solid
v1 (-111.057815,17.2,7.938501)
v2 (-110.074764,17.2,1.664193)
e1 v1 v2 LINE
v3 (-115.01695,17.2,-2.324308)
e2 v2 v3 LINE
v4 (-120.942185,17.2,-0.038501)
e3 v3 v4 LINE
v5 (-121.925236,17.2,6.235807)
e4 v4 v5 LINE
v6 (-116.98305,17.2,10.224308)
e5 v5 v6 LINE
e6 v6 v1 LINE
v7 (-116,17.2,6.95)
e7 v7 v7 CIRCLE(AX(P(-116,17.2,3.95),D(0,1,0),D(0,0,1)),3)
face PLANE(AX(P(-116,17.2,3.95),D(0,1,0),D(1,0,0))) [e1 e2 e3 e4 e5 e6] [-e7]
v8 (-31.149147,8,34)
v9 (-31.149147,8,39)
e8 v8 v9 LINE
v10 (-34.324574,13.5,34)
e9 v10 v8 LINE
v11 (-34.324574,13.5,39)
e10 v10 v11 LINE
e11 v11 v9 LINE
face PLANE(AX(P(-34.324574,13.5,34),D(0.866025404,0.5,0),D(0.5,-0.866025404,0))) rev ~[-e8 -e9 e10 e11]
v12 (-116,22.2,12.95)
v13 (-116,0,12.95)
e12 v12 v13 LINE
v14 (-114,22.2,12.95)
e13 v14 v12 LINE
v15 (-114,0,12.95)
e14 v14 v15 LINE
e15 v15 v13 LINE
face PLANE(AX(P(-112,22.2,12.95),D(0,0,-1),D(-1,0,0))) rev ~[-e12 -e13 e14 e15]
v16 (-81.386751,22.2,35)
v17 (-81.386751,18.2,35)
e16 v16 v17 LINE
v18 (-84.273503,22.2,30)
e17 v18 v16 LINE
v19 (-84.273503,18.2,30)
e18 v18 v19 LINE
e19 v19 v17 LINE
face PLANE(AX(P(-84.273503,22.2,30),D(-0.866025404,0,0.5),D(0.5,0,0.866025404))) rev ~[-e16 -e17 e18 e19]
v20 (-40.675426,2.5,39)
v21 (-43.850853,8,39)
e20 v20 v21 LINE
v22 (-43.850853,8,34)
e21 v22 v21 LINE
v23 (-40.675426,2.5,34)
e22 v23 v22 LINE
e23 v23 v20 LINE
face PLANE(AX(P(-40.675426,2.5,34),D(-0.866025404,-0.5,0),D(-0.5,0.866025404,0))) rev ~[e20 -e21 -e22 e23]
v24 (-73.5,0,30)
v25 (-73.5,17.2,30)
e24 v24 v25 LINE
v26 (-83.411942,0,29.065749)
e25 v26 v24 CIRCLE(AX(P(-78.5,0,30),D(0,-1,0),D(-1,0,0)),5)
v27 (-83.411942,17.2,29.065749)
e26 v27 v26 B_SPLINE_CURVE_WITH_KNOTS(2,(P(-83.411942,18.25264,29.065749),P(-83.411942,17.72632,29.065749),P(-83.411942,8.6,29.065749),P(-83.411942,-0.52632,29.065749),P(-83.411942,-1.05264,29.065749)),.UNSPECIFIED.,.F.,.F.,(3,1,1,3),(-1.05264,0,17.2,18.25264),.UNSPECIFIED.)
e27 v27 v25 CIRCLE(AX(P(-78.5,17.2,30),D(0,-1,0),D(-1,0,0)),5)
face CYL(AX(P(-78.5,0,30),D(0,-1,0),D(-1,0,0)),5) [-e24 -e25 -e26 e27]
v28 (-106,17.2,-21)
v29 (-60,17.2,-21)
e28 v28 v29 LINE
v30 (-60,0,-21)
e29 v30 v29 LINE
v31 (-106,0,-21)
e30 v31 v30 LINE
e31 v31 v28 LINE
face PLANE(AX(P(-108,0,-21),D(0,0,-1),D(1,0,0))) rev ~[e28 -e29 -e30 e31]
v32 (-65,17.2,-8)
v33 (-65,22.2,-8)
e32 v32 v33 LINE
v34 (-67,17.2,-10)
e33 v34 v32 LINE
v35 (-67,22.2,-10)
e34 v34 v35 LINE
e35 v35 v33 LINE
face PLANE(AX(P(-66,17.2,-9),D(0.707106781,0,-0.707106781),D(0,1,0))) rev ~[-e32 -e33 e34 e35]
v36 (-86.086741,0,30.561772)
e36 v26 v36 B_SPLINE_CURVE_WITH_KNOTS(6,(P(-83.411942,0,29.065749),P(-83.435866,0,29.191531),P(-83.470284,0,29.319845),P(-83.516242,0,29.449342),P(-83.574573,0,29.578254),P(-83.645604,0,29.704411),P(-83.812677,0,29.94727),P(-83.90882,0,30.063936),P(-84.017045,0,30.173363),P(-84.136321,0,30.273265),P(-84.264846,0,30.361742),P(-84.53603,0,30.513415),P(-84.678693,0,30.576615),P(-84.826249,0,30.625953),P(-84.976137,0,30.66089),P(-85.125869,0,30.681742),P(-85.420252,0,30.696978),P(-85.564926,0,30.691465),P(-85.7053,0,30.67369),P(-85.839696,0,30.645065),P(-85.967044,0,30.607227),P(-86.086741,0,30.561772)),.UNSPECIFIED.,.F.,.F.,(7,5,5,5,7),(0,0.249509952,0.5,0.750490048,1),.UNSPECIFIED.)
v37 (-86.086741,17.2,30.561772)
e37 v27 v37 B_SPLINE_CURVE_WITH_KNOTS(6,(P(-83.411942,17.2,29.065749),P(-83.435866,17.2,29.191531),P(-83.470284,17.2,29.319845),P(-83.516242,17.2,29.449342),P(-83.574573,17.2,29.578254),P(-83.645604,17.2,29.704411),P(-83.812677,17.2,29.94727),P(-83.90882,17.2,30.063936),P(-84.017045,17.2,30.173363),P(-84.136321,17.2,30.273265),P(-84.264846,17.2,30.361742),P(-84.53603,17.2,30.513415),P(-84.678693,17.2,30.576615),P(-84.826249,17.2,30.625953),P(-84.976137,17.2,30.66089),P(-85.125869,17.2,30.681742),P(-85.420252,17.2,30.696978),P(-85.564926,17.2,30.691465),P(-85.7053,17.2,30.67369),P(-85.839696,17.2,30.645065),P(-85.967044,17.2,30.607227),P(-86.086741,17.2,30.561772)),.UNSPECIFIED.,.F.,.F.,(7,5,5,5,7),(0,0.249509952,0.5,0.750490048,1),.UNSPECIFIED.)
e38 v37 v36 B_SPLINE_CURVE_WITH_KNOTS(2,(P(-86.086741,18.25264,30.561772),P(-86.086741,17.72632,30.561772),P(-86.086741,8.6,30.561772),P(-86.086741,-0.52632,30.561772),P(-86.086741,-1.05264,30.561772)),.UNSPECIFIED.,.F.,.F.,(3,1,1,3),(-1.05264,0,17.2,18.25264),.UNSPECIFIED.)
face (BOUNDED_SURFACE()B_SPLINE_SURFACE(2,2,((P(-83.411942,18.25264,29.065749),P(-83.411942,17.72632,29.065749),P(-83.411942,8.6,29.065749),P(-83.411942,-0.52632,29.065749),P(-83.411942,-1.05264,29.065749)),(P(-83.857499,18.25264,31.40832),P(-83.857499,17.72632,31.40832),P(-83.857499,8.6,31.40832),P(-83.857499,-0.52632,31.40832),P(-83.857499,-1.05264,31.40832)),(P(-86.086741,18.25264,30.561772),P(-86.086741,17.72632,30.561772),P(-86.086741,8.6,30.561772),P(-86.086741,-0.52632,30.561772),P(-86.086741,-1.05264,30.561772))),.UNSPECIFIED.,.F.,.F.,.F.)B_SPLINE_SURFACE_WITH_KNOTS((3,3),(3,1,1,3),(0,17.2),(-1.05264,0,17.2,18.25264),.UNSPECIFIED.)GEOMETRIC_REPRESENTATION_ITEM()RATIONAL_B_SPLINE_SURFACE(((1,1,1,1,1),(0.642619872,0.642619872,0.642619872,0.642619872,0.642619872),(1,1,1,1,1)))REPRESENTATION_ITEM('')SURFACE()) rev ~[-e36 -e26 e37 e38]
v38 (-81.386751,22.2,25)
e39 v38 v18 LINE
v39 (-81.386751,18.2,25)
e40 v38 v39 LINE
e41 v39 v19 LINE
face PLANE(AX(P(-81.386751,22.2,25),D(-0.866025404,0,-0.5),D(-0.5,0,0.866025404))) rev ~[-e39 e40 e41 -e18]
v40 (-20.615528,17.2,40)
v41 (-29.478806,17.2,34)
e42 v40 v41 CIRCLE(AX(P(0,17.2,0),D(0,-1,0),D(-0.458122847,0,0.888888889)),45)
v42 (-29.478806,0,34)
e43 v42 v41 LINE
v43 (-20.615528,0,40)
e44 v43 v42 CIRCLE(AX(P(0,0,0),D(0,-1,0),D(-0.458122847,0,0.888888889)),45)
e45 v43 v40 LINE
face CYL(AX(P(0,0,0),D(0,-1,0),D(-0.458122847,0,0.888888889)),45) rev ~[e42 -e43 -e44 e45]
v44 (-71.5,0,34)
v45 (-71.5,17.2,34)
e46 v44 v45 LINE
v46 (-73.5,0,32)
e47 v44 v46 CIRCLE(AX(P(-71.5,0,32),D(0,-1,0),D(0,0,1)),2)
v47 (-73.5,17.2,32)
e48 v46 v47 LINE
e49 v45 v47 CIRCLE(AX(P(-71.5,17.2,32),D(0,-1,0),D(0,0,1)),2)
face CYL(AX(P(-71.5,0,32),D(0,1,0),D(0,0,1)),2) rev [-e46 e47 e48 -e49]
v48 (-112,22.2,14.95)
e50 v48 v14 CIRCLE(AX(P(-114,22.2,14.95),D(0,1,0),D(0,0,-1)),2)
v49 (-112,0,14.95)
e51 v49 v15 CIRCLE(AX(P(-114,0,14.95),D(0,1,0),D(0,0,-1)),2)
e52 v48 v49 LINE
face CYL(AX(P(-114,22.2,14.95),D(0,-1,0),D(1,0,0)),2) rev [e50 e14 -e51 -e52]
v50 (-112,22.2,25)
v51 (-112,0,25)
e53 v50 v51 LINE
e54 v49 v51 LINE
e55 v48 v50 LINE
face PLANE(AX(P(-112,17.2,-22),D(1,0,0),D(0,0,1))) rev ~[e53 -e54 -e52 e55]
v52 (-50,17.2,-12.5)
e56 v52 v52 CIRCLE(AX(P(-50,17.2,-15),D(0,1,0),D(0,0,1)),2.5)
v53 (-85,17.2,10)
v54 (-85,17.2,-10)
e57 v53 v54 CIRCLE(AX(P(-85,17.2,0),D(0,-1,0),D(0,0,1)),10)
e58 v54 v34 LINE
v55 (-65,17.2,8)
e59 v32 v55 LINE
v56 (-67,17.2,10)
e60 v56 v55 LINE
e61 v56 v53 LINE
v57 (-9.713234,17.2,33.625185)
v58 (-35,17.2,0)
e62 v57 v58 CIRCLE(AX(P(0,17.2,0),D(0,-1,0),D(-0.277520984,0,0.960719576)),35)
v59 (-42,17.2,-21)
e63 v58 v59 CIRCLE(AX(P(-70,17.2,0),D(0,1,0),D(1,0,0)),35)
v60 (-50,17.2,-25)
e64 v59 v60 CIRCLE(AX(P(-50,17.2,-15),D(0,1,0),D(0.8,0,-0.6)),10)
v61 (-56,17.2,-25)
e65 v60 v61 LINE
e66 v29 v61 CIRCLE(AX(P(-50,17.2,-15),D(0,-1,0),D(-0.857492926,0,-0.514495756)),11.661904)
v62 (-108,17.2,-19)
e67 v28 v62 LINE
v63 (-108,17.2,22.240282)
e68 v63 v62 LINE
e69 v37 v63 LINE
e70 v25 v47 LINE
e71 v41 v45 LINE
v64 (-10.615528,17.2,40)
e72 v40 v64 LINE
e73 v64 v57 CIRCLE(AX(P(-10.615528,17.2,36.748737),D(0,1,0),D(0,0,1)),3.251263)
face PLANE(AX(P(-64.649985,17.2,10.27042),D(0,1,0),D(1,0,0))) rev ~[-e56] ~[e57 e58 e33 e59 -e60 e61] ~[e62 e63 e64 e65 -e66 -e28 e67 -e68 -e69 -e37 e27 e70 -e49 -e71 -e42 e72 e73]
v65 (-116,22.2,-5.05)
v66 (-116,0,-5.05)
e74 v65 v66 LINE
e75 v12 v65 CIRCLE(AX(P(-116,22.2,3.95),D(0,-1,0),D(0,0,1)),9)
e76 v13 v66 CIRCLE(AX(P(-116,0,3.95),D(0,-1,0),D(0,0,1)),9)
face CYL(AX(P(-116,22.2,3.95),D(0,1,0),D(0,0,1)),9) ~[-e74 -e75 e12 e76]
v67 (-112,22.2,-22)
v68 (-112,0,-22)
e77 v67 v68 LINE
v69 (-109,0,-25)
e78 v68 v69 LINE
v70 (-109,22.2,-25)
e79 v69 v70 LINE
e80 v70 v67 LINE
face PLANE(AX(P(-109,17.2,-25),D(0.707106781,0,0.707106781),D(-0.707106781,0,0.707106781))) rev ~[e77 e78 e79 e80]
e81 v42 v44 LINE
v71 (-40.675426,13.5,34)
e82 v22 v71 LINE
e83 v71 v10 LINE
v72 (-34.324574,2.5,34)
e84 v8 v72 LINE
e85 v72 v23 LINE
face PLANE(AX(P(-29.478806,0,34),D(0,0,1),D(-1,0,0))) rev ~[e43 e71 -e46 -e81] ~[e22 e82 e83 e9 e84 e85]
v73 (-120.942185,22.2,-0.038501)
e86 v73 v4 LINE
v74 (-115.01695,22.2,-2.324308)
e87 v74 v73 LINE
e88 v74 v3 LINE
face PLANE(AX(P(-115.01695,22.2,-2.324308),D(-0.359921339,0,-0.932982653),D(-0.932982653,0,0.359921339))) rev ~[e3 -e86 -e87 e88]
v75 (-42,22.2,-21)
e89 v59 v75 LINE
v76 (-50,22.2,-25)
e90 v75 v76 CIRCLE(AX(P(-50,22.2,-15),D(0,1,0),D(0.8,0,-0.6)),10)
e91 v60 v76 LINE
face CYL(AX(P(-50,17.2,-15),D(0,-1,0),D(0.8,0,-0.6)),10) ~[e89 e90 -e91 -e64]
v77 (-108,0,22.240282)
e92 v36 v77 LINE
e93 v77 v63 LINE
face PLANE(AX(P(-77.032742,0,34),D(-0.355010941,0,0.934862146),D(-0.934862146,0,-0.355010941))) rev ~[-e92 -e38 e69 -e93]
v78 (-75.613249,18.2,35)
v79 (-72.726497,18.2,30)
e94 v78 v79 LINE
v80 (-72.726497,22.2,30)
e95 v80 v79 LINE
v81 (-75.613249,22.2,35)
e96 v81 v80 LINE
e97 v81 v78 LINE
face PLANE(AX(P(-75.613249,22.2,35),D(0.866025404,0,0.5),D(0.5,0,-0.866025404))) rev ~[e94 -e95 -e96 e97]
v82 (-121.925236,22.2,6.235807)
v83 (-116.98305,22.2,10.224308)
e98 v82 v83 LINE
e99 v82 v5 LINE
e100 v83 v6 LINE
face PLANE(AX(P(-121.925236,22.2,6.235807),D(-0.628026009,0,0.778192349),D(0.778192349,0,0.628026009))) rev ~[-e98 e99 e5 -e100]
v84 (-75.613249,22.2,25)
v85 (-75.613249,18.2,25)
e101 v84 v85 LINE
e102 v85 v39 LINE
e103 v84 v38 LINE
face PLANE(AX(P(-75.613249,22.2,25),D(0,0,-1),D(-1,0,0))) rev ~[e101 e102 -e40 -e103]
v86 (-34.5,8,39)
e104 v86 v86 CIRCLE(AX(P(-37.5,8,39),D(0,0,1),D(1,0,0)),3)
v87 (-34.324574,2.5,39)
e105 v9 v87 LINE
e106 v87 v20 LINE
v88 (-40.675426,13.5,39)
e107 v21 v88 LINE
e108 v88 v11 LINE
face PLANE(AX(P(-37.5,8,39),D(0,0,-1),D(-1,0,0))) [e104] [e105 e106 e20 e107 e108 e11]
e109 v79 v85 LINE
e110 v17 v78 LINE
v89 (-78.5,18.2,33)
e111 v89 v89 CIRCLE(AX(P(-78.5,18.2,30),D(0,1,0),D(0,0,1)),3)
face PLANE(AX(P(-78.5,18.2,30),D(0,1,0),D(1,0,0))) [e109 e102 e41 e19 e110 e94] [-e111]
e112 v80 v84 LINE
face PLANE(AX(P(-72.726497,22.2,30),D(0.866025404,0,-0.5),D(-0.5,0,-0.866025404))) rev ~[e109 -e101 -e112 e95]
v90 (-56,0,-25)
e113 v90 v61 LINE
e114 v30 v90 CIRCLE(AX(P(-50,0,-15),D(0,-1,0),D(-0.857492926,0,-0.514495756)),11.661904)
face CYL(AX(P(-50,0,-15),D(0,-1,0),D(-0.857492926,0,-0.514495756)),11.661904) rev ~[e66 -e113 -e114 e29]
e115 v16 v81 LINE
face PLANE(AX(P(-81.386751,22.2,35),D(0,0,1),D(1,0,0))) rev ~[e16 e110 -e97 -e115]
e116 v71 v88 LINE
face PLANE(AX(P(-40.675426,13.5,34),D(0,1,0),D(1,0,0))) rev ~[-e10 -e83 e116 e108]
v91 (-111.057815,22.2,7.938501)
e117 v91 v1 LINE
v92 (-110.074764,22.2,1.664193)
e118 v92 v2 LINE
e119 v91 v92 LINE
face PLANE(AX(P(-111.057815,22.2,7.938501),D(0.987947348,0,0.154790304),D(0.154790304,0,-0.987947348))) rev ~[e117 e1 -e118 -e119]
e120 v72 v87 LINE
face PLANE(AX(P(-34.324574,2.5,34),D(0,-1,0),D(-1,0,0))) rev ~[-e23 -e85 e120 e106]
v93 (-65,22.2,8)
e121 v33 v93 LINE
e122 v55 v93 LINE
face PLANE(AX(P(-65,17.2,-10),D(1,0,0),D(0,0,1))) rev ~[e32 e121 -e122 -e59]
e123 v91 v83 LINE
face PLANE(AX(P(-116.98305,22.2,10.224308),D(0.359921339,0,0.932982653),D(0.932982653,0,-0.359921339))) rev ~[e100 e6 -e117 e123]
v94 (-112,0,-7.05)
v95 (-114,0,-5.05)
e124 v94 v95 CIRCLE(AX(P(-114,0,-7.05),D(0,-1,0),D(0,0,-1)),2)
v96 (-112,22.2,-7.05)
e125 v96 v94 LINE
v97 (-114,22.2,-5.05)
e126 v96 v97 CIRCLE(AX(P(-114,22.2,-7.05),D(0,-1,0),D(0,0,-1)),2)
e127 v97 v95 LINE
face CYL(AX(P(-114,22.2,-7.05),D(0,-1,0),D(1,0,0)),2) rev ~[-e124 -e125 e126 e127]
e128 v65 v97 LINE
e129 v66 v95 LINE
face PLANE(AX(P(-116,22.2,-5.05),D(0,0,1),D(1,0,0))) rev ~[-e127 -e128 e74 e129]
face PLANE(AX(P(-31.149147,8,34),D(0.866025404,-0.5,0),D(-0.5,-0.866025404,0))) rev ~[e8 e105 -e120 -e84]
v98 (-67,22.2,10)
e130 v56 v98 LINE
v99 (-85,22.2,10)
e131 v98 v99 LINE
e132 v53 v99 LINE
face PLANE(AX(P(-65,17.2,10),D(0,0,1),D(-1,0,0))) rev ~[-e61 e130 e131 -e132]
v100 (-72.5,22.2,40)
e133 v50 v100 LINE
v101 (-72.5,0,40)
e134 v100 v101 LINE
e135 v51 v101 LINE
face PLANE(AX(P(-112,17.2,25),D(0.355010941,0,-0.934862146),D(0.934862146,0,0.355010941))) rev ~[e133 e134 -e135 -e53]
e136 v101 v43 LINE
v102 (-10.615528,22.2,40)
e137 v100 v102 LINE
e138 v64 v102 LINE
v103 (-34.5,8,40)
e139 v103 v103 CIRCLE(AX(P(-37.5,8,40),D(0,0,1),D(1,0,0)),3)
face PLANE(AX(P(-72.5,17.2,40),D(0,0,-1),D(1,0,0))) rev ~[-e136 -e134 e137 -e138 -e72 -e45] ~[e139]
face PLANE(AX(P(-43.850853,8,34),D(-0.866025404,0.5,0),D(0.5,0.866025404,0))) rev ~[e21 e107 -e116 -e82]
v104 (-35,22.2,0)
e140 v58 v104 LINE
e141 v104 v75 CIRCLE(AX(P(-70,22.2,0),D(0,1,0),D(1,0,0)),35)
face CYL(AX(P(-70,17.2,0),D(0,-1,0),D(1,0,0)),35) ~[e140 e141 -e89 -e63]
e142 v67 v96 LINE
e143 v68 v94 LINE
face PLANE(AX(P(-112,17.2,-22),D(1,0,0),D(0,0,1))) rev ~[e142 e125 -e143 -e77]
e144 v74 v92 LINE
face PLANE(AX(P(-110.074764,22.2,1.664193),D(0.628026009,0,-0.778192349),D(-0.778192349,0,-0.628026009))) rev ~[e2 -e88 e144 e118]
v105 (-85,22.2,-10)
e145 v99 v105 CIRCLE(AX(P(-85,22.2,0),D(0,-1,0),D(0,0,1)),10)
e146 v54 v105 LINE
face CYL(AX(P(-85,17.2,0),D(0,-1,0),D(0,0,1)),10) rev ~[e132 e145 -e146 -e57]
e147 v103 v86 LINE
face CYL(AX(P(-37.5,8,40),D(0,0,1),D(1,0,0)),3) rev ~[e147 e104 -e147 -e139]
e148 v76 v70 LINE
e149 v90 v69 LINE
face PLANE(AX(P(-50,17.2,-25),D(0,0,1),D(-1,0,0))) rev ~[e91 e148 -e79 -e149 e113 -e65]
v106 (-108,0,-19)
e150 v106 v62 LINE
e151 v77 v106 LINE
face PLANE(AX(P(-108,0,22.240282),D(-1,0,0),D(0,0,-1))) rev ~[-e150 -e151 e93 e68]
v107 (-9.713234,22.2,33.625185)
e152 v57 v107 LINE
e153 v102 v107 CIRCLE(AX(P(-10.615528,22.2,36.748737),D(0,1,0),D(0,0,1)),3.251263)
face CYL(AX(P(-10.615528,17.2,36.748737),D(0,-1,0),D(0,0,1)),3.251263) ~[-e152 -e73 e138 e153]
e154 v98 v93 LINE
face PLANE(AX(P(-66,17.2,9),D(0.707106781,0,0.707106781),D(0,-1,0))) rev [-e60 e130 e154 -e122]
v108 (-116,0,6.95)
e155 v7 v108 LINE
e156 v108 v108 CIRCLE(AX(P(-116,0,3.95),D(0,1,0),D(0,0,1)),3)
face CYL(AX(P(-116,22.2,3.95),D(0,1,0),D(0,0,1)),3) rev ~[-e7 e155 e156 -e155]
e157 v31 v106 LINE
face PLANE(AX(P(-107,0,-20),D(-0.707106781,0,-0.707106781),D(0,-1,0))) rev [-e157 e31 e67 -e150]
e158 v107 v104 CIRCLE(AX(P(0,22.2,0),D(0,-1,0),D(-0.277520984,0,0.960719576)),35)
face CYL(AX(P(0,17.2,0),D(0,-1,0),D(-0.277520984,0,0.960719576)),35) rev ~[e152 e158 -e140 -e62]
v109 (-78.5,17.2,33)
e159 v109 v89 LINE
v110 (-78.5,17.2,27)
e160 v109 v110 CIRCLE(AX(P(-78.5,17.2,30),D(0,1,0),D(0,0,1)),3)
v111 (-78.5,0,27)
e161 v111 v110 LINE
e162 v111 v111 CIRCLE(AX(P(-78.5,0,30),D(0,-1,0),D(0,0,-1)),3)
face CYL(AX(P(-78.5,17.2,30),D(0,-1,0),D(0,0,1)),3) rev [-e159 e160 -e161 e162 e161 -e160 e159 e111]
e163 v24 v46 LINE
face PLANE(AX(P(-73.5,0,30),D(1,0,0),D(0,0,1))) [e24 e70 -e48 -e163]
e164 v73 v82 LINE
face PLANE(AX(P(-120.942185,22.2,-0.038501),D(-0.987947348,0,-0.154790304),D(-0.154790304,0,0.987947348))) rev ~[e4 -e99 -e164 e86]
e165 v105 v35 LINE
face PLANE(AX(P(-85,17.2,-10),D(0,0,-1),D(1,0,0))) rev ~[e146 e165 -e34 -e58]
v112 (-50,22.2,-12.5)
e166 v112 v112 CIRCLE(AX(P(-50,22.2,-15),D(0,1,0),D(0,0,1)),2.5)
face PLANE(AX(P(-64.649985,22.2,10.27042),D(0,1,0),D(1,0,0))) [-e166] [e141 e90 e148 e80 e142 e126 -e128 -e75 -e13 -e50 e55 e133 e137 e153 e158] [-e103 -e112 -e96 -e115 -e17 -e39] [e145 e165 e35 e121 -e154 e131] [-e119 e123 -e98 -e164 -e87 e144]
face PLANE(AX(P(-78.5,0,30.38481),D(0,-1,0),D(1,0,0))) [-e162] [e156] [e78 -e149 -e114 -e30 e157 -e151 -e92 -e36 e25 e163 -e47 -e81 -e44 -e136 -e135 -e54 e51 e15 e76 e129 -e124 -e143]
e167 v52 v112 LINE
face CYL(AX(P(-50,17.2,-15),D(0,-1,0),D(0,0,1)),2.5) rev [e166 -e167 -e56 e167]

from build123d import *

# Parameters (mm, degrees)
BOSS_EXTRUDE1_DEPTH = 17.2
CHAMFER1_SIZE       = 3
CHAMFER2_SIZE       = 2
SKETCH3_R           = 2.5
SKETCH3_R_2         = 3
BOSS_EXTRUDE2_DEPTH = 5
BOSS_EXTRUDE3_START = 17.2
SKETCH5_R           = 3
BOSS_EXTRUDE3_DEPTH = 17.2
BOSS_EXTRUDE4_DEPTH = 22.2
FILLET1_R           = 2
SKETCH8_R           = 3
CUT_EXTRUDE3_DEPTH  = 31
CUT_EXTRUDE4_DEPTH  = 5
SKETCH10_R          = 3
CUT_EXTRUDE5_DEPTH  = 44
FILLET2_R           = 2
CHAMFER3_SIZE       = 2
CUT_EXTRUDE6_DEPTH  = 4
CUT_EXTRUDE7_DEPTH  = 5


with BuildPart() as part:
    # Sketch2 → Boss-Extrude1 (new body)
    with BuildSketch(Plane(origin=(0, 0, 0), x_dir=(1, 0, 0), z_dir=(0, 1, 0))):
        with BuildLine():
            Line((-112, 25), (-112, -25))
            Line((-112, -25), (-72.5, -40))
            Line((-72.5, -40), (-20.615528128, -40))
            ThreePointArc((-20.615528128, -40), (-25.226188309, -37.264452544), (-29.478805946, -34))
            Line((-29.478805946, -34), (-77.032741633, -34))
            Line((-77.032741633, -34), (-108, -22.240281633))
            Line((-108, -22.240281633), (-108, 21))
            Line((-108, 21), (-60, 21))
            ThreePointArc((-60, 21), (-58.246211251, 23.246211251), (-56, 25))
            Line((-56, 25), (-112, 25))
        make_face()
    extrude(amount=BOSS_EXTRUDE1_DEPTH)

    # Chamfer1
    chamfer1_edges = [part.edges().sort_by_distance(p)[0] for p in [
        (-112, 8.6, -25),
    ]]
    chamfer(chamfer1_edges, length=CHAMFER1_SIZE)

    # Chamfer2
    chamfer2_edges = [part.edges().sort_by_distance(p)[0] for p in [
        (-108, 8.6, -21),
    ]]
    chamfer(chamfer2_edges, length=CHAMFER2_SIZE)

    # Sketch3 → Boss-Extrude2 (add)
    with BuildSketch(Plane(origin=(0, 17.2, 0), x_dir=(1, 0, 0), z_dir=(0, 1, 0))):
        with BuildLine():
            Line((-72.5, -40), (-20.615528128, -40))
            Line((-20.615528128, -40), (-10.615528128, -40))
            ThreePointArc((-10.615528128, -40), (-7.396351284, -37.204380582), (-9.713234444, -33.625185154))
            ThreePointArc((-9.713234444, -33.625185154), (-27.972872623, -21.03612125), (-35, 0))
            ThreePointArc((-35, 0), (-36.796084568, 11.067971811), (-42, 21))
            ThreePointArc((-42, 21), (-45.527864045, 23.94427191), (-50, 25))
            Line((-50, 25), (-109, 25))
            Line((-109, 25), (-112, 22))
            Line((-112, 22), (-112, -25))
            Line((-112, -25), (-72.5, -40))
        make_face()
        with Locations(Location((-50, 15, 0), (0, 0, 270))):
            Circle(SKETCH3_R, mode=Mode.SUBTRACT)
        with Locations(Location((-78.5, -30, 0), (0, 0, 270))):
            Circle(SKETCH3_R_2, mode=Mode.SUBTRACT)
        with BuildLine():
            Line((-85, 10), (-65, 10))
            Line((-65, 10), (-65, -10))
            Line((-65, -10), (-85, -10))
            ThreePointArc((-85, -10), (-95, 0), (-85, 10))
        make_face(mode=Mode.SUBTRACT)
    extrude(amount=BOSS_EXTRUDE2_DEPTH)

    # Sketch5 → Boss-Extrude3 (add)
    with BuildSketch(Plane.XZ.offset(-17.2).offset(BOSS_EXTRUDE3_START)):
        with BuildLine():
            Line((-73.5, 30), (-73.5, 34))
            Line((-73.5, 34), (-83.5, 34))
            Line((-83.5, 34), (-83.5, 30))
            ThreePointArc((-83.5, 30), (-78.5, 25), (-73.5, 30))
        make_face()
        with Locations(Location((-78.5, 30, 0), (0, 0, 270))):
            Circle(SKETCH5_R, mode=Mode.SUBTRACT)
    extrude(amount=-BOSS_EXTRUDE3_DEPTH)

    # Sketch7 → Boss-Extrude4 (add)
    with BuildSketch(Plane(origin=(0, 22.2, 0), x_dir=(1, 0, 0), z_dir=(0, 1, 0))):
        with BuildLine():
            Line((-112, 5.05), (-112, -12.95))
            Line((-112, -12.95), (-116, -12.95))
            ThreePointArc((-116, -12.95), (-125, -3.95), (-116, 5.05))
            Line((-116, 5.05), (-112, 5.05))
        make_face()
    extrude(amount=-BOSS_EXTRUDE4_DEPTH)

    # Fillet1
    fillet1_edges = [part.edges().sort_by_distance(p)[0] for p in [
        (-112, 11.1, 12.95),
        (-112, 11.1, -5.05),
    ]]
    fillet(fillet1_edges, radius=FILLET1_R)

    # Sketch8 → Cut-Extrude3 (cut)
    with BuildSketch(Plane(origin=(0, 22.2, 0), x_dir=(1, 0, 0), z_dir=(0, 1, 0))):
        with Locations(Location((-116, -3.95, 0), (0, 0, 270))):
            Circle(SKETCH8_R)
    extrude(amount=-CUT_EXTRUDE3_DEPTH, mode=Mode.SUBTRACT)

    # Sketch9 → Cut-Extrude4 (cut)
    with BuildSketch(Plane(origin=(0, 22.2, 0), x_dir=(1, 0, 0), z_dir=(0, 1, 0))):
        Polygon((-110.074764358, -1.664192501), (-115.016949541, 2.324308339), (-120.942185183, 0.03850084), (-121.925235642, -6.235807499), (-116.983050459, -10.224308339), (-111.057814817, -7.93850084), align=None)
    extrude(amount=-CUT_EXTRUDE4_DEPTH, mode=Mode.SUBTRACT)

    # Sketch10 → Cut-Extrude5 (cut)
    with BuildSketch(Plane.XY.offset(40)):
        with Locations((-37.5, 8)):
            Circle(SKETCH10_R)
    extrude(amount=-CUT_EXTRUDE5_DEPTH, mode=Mode.SUBTRACT)

    # Fillet2
    fillet2_edges = [part.edges().sort_by_distance(p)[0] for p in [
        (-83.5, 8.6, 31.544079101),
        (-73.5, 8.6, 34),
    ]]
    fillet(fillet2_edges, radius=FILLET2_R)

    # Chamfer3
    chamfer3_edges = [part.edges().sort_by_distance(p)[0] for p in [
        (-65, 19.7, 10),
        (-65, 19.7, -10),
    ]]
    chamfer(chamfer3_edges, length=CHAMFER3_SIZE)

    # Sketch11 → Cut-Extrude6 (cut)
    with BuildSketch(Plane(origin=(0, 22.2, 0), x_dir=(1, 0, 0), z_dir=(0, 1, 0))):
        Polygon((-72.726497308, -30), (-75.613248654, -25), (-81.386751346, -25), (-84.273502692, -30), (-81.386751346, -35), (-75.613248654, -35), align=None)
    extrude(amount=-CUT_EXTRUDE6_DEPTH, mode=Mode.SUBTRACT)

    # Sketch12 → Cut-Extrude7 (cut)
    with BuildSketch(Plane(origin=(0, 0, 34), x_dir=(-1, 0, 0), z_dir=(0, 0, -1))):
        Polygon((43.850852961, 8), (40.675426481, 13.5), (34.324573519, 13.5), (31.149147039, 8), (34.324573519, 2.5), (40.675426481, 2.5), align=None)
    extrude(amount=-CUT_EXTRUDE7_DEPTH, mode=Mode.SUBTRACT)


solid = part.part
